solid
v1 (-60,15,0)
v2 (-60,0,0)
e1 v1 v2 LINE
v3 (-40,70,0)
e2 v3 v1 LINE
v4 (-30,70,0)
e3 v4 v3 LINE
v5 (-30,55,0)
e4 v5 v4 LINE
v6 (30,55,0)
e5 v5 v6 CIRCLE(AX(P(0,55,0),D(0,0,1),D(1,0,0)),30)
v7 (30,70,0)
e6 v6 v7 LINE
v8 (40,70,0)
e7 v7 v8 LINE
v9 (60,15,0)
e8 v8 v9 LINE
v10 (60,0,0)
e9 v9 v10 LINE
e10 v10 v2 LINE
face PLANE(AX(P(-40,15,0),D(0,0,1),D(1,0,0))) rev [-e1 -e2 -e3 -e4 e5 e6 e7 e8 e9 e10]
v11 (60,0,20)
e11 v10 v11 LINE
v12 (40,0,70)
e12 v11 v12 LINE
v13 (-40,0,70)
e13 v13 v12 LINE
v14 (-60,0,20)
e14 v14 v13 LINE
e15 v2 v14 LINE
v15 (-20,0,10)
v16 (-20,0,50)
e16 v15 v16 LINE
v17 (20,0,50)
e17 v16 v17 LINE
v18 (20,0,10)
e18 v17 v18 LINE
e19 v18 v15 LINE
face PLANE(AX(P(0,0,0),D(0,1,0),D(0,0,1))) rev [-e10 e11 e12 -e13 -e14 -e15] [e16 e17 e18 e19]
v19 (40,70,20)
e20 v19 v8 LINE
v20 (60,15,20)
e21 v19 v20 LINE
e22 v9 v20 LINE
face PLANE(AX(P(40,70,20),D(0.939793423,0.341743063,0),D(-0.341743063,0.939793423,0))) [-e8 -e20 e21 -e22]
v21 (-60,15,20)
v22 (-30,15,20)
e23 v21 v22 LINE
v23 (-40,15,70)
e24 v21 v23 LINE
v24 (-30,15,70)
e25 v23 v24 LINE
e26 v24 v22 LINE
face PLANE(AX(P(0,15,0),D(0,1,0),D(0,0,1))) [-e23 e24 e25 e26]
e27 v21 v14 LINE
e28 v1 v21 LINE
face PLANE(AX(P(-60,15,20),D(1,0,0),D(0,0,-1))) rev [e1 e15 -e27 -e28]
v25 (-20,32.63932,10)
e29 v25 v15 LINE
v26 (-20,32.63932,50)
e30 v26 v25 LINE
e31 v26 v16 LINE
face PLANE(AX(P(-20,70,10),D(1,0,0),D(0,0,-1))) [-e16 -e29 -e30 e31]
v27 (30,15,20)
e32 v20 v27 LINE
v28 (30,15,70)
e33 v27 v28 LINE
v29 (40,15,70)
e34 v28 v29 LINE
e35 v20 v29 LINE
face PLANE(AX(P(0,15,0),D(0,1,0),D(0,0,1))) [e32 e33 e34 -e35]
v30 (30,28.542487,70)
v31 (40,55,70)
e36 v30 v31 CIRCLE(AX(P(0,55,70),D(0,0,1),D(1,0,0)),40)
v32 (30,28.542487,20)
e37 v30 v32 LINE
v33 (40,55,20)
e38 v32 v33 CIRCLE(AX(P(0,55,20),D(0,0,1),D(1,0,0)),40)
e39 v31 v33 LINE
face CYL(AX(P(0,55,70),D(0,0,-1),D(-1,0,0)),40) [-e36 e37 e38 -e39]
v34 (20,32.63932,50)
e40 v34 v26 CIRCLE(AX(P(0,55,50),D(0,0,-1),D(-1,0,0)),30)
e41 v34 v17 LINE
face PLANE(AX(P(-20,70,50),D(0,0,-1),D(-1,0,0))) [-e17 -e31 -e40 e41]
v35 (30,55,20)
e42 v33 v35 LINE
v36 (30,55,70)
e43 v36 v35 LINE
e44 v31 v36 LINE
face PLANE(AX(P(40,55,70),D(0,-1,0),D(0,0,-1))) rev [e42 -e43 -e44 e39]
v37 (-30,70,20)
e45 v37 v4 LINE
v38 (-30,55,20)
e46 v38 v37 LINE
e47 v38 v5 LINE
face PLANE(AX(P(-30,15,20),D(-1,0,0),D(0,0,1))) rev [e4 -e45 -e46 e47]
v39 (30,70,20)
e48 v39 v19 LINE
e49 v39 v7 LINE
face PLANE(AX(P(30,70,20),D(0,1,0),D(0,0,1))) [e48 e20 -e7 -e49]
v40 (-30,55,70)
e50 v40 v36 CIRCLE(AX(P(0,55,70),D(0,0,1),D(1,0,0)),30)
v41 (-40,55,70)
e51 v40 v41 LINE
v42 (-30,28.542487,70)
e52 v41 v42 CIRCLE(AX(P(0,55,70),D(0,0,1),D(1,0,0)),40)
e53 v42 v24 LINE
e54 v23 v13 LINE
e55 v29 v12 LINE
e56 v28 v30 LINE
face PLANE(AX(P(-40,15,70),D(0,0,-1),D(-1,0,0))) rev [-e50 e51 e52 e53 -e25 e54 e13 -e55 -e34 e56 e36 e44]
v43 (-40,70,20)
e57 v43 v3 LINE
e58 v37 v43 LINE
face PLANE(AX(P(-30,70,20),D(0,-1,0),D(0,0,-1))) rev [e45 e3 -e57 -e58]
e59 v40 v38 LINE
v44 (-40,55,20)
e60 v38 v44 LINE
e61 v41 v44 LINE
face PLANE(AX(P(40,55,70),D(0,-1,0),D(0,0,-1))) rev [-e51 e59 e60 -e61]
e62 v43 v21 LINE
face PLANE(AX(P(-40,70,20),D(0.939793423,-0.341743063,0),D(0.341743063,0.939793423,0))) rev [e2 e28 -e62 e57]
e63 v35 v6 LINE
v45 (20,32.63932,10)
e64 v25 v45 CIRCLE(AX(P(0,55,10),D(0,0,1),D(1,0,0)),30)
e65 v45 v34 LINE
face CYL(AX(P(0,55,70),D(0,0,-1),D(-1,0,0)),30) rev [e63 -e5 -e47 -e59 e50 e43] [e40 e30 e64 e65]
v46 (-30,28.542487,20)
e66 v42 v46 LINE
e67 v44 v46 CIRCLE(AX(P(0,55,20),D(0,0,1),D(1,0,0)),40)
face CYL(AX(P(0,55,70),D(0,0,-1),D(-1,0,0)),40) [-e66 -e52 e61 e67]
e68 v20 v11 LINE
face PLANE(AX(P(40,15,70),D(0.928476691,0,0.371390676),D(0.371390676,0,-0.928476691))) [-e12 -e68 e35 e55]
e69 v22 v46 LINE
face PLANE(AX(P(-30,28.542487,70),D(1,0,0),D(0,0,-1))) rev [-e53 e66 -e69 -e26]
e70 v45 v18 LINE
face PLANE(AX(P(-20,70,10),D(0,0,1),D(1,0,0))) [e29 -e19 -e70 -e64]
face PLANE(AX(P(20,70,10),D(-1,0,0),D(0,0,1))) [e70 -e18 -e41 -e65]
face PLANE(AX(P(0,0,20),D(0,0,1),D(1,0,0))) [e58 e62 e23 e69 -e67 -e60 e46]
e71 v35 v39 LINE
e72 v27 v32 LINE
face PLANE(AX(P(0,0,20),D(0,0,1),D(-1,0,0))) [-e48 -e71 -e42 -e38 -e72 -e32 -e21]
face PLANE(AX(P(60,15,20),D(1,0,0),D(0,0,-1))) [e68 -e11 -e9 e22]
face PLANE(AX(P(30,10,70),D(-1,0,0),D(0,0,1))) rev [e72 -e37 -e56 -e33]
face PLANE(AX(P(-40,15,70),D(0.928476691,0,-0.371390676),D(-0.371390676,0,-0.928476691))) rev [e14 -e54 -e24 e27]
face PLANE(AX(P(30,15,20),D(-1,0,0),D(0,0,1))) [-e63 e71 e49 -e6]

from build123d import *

# Parameters (mm, degrees)
SKETCH1_W           = 80
SKETCH1_H           = 70
BOSS_EXTRUDE1_DEPTH = 15
BOSS_EXTRUDE2_DEPTH = 70
BOSS_EXTRUDE3_DEPTH = 15
BOSS_EXTRUDE4_DEPTH = 20
CUT_EXTRUDE1_DEPTH  = 116.758369028
SKETCH6_W           = 40
SKETCH6_H           = 40
CUT_EXTRUDE2_DEPTH  = 116.758369028


with BuildPart() as part:
    # Sketch1 → Boss-Extrude1 (new body)
    with BuildSketch(Plane(origin=(0, 0, 0), x_dir=(1, 0, 0), z_dir=(0, 1, 0))):
        with Locations((0, -35)):
            Rectangle(SKETCH1_W, SKETCH1_H)
    extrude(amount=BOSS_EXTRUDE1_DEPTH)

    # Sketch2 → Boss-Extrude2 (add)
    with BuildSketch(Plane.XY):
        with BuildLine():
            Line((-30, 10), (30, 10))
            Line((30, 10), (30, 28.542486889))
            ThreePointArc((30, 28.542486889), (37.416573868, 40.857864376), (40, 55))
            Line((40, 55), (-40, 55))
            ThreePointArc((-40, 55), (-37.416573868, 40.857864376), (-30, 28.542486889))
            Line((-30, 28.542486889), (-30, 10))
        make_face()
    extrude(amount=BOSS_EXTRUDE2_DEPTH)

    # Sketch3 → Boss-Extrude3 (add)
    with BuildSketch(Plane(origin=(0, 0, 0), x_dir=(1, 0, 0), z_dir=(0, 1, 0))):
        Polygon((-60, 0), (-38, 0), (-38, -70), (-40, -70), (-60, -20), align=None)
    boss_extrude3 = extrude(amount=BOSS_EXTRUDE3_DEPTH)

    # Sketch4 → Boss-Extrude4 (add)
    with BuildSketch(Plane.XY):
        Polygon((-60, 15), (-30, 15), (-30, 70), (-40, 70), align=None)
    boss_extrude4 = extrude(amount=BOSS_EXTRUDE4_DEPTH)

    # Mirror1: Boss-Extrude3, Boss-Extrude4 across plane
    add(boss_extrude3.mirror(Plane(origin=(0, 0, 0), x_dir=(0, 0, 1), z_dir=(1, 0, 0))))
    add(boss_extrude4.mirror(Plane(origin=(0, 0, 0), x_dir=(0, 0, 1), z_dir=(1, 0, 0))))

    # Sketch5 → Cut-Extrude1 (cut, through all)
    with BuildSketch(Plane.XY):
        with BuildLine():
            Line((-30, 55), (30, 55))
            ThreePointArc((30, 55), (0, 25), (-30, 55))
        make_face()
    extrude(amount=CUT_EXTRUDE1_DEPTH, mode=Mode.SUBTRACT)

    # Sketch6 → Cut-Extrude2 (cut, through all)
    with BuildSketch(Plane(origin=(0, 0, 0), x_dir=(1, 0, 0), z_dir=(0, 1, 0))):
        with Locations((0, -30)):
            Rectangle(SKETCH6_W, SKETCH6_H)
    extrude(amount=CUT_EXTRUDE2_DEPTH, mode=Mode.SUBTRACT)


solid = part.part
